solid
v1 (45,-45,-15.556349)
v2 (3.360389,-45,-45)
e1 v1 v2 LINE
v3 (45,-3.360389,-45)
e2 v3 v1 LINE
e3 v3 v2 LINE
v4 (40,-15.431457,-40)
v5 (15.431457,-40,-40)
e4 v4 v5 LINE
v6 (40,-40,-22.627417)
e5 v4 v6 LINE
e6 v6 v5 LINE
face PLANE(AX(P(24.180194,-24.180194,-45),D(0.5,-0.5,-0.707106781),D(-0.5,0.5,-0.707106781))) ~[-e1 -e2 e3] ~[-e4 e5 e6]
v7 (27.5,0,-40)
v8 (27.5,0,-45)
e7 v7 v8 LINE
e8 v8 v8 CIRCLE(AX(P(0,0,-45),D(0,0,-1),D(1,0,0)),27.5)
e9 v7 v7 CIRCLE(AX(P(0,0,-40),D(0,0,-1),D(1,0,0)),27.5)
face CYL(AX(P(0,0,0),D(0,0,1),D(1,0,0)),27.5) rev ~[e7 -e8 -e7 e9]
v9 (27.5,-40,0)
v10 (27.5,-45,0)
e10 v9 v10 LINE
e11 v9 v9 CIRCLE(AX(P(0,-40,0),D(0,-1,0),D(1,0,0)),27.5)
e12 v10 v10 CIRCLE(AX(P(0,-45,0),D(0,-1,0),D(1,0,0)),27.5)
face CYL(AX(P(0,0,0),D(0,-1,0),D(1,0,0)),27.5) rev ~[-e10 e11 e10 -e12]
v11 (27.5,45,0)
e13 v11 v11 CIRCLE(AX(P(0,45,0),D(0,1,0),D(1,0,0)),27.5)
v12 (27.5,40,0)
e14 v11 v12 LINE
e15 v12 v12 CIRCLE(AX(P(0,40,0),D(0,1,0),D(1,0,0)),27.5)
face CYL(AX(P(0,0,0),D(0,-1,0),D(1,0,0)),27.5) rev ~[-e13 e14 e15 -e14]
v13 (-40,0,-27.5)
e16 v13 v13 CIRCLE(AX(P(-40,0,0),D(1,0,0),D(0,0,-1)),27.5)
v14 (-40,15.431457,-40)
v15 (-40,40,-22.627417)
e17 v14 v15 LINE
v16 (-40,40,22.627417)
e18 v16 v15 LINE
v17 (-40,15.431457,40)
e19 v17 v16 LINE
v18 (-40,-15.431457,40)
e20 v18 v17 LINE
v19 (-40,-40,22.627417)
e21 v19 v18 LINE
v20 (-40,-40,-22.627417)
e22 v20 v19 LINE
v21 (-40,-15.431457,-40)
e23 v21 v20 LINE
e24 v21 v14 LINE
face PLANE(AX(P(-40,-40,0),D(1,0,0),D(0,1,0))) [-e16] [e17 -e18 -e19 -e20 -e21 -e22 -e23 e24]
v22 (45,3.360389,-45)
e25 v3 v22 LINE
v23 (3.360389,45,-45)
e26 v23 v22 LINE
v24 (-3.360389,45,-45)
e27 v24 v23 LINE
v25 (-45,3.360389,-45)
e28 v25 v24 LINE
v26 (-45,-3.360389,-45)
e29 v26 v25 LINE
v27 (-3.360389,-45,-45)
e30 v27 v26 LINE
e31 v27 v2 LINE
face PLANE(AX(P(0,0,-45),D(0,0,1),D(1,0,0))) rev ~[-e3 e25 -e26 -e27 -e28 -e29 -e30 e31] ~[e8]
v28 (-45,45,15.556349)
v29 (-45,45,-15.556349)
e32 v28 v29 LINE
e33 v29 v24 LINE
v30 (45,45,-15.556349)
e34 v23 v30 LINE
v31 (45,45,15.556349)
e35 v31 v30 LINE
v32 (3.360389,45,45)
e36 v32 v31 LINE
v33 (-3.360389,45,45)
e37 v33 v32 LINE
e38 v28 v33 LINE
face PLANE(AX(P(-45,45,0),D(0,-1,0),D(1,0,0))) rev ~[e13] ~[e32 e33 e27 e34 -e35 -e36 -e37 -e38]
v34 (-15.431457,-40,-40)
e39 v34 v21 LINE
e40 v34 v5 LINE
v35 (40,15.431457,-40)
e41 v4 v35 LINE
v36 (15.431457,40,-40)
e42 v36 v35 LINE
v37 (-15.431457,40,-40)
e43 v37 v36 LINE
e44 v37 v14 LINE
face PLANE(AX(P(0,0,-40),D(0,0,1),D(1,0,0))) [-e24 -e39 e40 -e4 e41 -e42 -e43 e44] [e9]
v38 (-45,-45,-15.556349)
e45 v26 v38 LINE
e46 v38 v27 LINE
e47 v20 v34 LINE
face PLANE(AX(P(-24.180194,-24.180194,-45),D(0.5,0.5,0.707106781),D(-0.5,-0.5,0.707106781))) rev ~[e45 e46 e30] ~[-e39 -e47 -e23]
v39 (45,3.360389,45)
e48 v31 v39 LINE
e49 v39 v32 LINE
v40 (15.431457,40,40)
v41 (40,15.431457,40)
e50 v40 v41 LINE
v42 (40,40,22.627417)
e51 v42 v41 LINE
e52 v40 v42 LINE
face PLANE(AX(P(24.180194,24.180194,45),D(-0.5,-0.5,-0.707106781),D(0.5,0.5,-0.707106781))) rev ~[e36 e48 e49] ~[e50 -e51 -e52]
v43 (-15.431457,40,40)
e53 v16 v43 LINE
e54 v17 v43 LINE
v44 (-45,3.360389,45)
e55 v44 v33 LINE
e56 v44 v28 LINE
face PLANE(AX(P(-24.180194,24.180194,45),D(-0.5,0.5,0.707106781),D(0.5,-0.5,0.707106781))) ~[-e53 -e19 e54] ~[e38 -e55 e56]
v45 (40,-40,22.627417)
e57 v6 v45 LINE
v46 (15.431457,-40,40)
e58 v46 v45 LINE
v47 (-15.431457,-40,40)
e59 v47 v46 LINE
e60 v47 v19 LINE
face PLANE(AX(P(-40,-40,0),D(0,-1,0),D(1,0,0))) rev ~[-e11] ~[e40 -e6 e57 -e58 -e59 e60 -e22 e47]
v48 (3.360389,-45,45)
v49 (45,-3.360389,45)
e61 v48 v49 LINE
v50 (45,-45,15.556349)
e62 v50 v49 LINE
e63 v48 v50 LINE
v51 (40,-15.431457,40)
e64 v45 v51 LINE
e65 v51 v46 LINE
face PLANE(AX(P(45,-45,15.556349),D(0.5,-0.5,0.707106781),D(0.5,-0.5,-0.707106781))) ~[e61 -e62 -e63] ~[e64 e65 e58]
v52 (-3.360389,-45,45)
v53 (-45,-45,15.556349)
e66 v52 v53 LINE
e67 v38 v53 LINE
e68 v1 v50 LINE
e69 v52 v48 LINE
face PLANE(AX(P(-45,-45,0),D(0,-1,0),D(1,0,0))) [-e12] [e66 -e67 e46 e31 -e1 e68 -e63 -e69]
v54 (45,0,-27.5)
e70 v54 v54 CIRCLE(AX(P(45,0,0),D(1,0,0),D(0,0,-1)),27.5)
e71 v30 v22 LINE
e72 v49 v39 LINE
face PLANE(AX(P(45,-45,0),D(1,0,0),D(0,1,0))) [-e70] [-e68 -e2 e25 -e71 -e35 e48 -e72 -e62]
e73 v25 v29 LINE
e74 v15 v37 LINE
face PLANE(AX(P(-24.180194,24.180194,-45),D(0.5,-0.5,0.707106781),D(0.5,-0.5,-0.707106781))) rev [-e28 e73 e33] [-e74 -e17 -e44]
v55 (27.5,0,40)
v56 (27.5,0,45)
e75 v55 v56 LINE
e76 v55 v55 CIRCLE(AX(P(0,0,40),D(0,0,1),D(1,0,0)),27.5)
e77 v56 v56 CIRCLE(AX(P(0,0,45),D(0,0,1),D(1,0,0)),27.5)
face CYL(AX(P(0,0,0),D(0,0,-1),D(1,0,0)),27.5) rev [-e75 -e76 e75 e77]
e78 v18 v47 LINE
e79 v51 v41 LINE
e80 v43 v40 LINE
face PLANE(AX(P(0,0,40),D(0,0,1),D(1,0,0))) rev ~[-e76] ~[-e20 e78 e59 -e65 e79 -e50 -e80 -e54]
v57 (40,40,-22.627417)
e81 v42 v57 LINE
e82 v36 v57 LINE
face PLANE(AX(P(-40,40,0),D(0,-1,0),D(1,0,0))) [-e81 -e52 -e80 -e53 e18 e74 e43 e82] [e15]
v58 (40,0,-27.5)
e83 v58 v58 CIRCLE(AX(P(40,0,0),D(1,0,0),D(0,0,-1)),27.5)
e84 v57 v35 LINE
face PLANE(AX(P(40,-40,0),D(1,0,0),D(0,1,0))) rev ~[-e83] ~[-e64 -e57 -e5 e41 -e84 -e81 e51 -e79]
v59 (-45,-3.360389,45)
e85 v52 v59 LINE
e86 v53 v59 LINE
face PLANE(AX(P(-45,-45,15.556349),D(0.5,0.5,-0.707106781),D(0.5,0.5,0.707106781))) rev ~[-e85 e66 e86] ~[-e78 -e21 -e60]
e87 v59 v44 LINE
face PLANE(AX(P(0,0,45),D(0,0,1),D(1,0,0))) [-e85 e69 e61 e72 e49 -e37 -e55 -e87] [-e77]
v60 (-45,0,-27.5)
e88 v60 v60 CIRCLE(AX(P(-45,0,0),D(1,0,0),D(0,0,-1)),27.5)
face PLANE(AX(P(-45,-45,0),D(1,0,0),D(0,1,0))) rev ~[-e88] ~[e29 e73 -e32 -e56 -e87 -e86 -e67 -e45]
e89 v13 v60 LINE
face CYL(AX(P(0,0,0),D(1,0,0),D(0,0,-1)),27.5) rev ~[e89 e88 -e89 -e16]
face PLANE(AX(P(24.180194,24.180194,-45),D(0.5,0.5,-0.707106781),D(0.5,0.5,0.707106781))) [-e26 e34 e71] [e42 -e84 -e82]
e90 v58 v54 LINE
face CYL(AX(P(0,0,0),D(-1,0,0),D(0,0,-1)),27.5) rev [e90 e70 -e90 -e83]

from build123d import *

# Parameters (mm, degrees)
SKETCH_W                            = 90
SKETCH_H                            = 90
PAD_DEPTH                           = 45
SKETCH001_W                         = 80
SKETCH001_H                         = 80
POCKET_DEPTH                        = 40
SKETCH002_R                         = 27.5
POCKET001_DEPTH                     = 356.770145
POCKET001_DEPTH_BACK                = 356.770145
SKETCH002_POLARPATTERN_2_R          = 27.5
POCKET001_POLARPATTERN_2_DEPTH      = 356.770145
POCKET001_POLARPATTERN_2_DEPTH_BACK = 356.770145
SKETCH002_POLARPATTERN_3_R          = 27.5
POCKET001_POLARPATTERN_3_DEPTH      = 356.770145
POCKET001_POLARPATTERN_3_DEPTH_BACK = 356.770145
SKETCH002_POLARPATTERN_4_R          = 27.5
POCKET001_POLARPATTERN_4_DEPTH      = 356.770145
POCKET001_POLARPATTERN_4_DEPTH_BACK = 356.770145
POLARPATTERN001_COUNT               = 4
POCKET002_DEPTH                     = 375.409757
POCKET002_DEPTH_BACK                = 375.409757


with BuildPart() as part:
    # Sketch → Pad (new body, symmetric)
    with BuildSketch(Plane.XY):
        Rectangle(SKETCH_W, SKETCH_H)
    extrude(amount=PAD_DEPTH, both=True)

    # Sketch001 → Pocket (cut, symmetric)
    with BuildSketch(Plane.XY):
        Rectangle(SKETCH001_W, SKETCH001_H)
    extrude(amount=POCKET_DEPTH, both=True, mode=Mode.SUBTRACT)

    # Sketch002 → Pocket001 (cut, two sides)
    with BuildSketch(Plane.XY) as pocket001_sk:
        Circle(SKETCH002_R)
    pocket001 = extrude(amount=-POCKET001_DEPTH, mode=Mode.SUBTRACT) + extrude(pocket001_sk.sketch, amount=POCKET001_DEPTH_BACK, mode=Mode.SUBTRACT)

    # Sketch002 PolarPattern 2 → Pocket001 PolarPattern 2 (cut, two sides)
    with BuildSketch(Plane(origin=(0, 0, 0), x_dir=(0, 0, -1), z_dir=(1, 0, 0))) as pocket001_polarpattern_2_sk:
        Circle(SKETCH002_POLARPATTERN_2_R)
    pocket001_polarpattern_2 = extrude(amount=-POCKET001_POLARPATTERN_2_DEPTH, mode=Mode.SUBTRACT) + extrude(pocket001_polarpattern_2_sk.sketch, amount=POCKET001_POLARPATTERN_2_DEPTH_BACK, mode=Mode.SUBTRACT)

    # Sketch002 PolarPattern 3 → Pocket001 PolarPattern 3 (cut, two sides)
    with BuildSketch(Plane(origin=(0, 0, 0), x_dir=(-1, 0, 0), z_dir=(0, 0, -1))) as pocket001_polarpattern_3_sk:
        Circle(SKETCH002_POLARPATTERN_3_R)
    pocket001_polarpattern_3 = extrude(amount=-POCKET001_POLARPATTERN_3_DEPTH, mode=Mode.SUBTRACT) + extrude(pocket001_polarpattern_3_sk.sketch, amount=POCKET001_POLARPATTERN_3_DEPTH_BACK, mode=Mode.SUBTRACT)

    # Sketch002 PolarPattern 4 → Pocket001 PolarPattern 4 (cut, two sides)
    with BuildSketch(Plane.ZY) as pocket001_polarpattern_4_sk:
        Circle(SKETCH002_POLARPATTERN_4_R)
    pocket001_polarpattern_4 = extrude(amount=-POCKET001_POLARPATTERN_4_DEPTH, mode=Mode.SUBTRACT) + extrude(pocket001_polarpattern_4_sk.sketch, amount=POCKET001_POLARPATTERN_4_DEPTH_BACK, mode=Mode.SUBTRACT)

    # PolarPattern001: Pocket001, Pocket001 PolarPattern 2, Pocket001 PolarPattern 3, Pocket001 PolarPattern 4 ×4 about axis
    polarpattern001_axis = Axis((0, 0, 0), (1, 0, 0))
    for i in range(1, POLARPATTERN001_COUNT):
        add(pocket001.rotate(polarpattern001_axis, i * 360 / POLARPATTERN001_COUNT), mode=Mode.SUBTRACT)
        add(pocket001_polarpattern_2.rotate(polarpattern001_axis, i * 360 / POLARPATTERN001_COUNT), mode=Mode.SUBTRACT)
        add(pocket001_polarpattern_3.rotate(polarpattern001_axis, i * 360 / POLARPATTERN001_COUNT), mode=Mode.SUBTRACT)
        add(pocket001_polarpattern_4.rotate(polarpattern001_axis, i * 360 / POLARPATTERN001_COUNT), mode=Mode.SUBTRACT)

    # Sketch003 (on DatumPlane) → Pocket002 (cut, two sides)
    with BuildSketch(Plane(origin=(0, 0, 0), x_dir=(0, 0, 1), z_dir=(-0.707107, 0.707107, 0))) as pocket002_sk:
        Polygon((-45, 63.63961), (-45, 34.195959), (-15.556349, 63.63961), align=None)
        Polygon((15.556349, 63.63961), (45, 63.63961), (45, 34.195959), align=None)
        Polygon((45, -34.195959), (45, -63.63961), (15.556349, -63.63961), align=None)
        Polygon((-45, -63.63961), (-45, -34.195959), (-15.556349, -63.63961), align=None)
    pocket002 = extrude(amount=-POCKET002_DEPTH, mode=Mode.SUBTRACT) + extrude(pocket002_sk.sketch, amount=POCKET002_DEPTH_BACK, mode=Mode.SUBTRACT)

    # Mirrored: Pocket002 across YZ
    add(pocket002.mirror(Plane.YZ), mode=Mode.SUBTRACT)


solid = part.part
